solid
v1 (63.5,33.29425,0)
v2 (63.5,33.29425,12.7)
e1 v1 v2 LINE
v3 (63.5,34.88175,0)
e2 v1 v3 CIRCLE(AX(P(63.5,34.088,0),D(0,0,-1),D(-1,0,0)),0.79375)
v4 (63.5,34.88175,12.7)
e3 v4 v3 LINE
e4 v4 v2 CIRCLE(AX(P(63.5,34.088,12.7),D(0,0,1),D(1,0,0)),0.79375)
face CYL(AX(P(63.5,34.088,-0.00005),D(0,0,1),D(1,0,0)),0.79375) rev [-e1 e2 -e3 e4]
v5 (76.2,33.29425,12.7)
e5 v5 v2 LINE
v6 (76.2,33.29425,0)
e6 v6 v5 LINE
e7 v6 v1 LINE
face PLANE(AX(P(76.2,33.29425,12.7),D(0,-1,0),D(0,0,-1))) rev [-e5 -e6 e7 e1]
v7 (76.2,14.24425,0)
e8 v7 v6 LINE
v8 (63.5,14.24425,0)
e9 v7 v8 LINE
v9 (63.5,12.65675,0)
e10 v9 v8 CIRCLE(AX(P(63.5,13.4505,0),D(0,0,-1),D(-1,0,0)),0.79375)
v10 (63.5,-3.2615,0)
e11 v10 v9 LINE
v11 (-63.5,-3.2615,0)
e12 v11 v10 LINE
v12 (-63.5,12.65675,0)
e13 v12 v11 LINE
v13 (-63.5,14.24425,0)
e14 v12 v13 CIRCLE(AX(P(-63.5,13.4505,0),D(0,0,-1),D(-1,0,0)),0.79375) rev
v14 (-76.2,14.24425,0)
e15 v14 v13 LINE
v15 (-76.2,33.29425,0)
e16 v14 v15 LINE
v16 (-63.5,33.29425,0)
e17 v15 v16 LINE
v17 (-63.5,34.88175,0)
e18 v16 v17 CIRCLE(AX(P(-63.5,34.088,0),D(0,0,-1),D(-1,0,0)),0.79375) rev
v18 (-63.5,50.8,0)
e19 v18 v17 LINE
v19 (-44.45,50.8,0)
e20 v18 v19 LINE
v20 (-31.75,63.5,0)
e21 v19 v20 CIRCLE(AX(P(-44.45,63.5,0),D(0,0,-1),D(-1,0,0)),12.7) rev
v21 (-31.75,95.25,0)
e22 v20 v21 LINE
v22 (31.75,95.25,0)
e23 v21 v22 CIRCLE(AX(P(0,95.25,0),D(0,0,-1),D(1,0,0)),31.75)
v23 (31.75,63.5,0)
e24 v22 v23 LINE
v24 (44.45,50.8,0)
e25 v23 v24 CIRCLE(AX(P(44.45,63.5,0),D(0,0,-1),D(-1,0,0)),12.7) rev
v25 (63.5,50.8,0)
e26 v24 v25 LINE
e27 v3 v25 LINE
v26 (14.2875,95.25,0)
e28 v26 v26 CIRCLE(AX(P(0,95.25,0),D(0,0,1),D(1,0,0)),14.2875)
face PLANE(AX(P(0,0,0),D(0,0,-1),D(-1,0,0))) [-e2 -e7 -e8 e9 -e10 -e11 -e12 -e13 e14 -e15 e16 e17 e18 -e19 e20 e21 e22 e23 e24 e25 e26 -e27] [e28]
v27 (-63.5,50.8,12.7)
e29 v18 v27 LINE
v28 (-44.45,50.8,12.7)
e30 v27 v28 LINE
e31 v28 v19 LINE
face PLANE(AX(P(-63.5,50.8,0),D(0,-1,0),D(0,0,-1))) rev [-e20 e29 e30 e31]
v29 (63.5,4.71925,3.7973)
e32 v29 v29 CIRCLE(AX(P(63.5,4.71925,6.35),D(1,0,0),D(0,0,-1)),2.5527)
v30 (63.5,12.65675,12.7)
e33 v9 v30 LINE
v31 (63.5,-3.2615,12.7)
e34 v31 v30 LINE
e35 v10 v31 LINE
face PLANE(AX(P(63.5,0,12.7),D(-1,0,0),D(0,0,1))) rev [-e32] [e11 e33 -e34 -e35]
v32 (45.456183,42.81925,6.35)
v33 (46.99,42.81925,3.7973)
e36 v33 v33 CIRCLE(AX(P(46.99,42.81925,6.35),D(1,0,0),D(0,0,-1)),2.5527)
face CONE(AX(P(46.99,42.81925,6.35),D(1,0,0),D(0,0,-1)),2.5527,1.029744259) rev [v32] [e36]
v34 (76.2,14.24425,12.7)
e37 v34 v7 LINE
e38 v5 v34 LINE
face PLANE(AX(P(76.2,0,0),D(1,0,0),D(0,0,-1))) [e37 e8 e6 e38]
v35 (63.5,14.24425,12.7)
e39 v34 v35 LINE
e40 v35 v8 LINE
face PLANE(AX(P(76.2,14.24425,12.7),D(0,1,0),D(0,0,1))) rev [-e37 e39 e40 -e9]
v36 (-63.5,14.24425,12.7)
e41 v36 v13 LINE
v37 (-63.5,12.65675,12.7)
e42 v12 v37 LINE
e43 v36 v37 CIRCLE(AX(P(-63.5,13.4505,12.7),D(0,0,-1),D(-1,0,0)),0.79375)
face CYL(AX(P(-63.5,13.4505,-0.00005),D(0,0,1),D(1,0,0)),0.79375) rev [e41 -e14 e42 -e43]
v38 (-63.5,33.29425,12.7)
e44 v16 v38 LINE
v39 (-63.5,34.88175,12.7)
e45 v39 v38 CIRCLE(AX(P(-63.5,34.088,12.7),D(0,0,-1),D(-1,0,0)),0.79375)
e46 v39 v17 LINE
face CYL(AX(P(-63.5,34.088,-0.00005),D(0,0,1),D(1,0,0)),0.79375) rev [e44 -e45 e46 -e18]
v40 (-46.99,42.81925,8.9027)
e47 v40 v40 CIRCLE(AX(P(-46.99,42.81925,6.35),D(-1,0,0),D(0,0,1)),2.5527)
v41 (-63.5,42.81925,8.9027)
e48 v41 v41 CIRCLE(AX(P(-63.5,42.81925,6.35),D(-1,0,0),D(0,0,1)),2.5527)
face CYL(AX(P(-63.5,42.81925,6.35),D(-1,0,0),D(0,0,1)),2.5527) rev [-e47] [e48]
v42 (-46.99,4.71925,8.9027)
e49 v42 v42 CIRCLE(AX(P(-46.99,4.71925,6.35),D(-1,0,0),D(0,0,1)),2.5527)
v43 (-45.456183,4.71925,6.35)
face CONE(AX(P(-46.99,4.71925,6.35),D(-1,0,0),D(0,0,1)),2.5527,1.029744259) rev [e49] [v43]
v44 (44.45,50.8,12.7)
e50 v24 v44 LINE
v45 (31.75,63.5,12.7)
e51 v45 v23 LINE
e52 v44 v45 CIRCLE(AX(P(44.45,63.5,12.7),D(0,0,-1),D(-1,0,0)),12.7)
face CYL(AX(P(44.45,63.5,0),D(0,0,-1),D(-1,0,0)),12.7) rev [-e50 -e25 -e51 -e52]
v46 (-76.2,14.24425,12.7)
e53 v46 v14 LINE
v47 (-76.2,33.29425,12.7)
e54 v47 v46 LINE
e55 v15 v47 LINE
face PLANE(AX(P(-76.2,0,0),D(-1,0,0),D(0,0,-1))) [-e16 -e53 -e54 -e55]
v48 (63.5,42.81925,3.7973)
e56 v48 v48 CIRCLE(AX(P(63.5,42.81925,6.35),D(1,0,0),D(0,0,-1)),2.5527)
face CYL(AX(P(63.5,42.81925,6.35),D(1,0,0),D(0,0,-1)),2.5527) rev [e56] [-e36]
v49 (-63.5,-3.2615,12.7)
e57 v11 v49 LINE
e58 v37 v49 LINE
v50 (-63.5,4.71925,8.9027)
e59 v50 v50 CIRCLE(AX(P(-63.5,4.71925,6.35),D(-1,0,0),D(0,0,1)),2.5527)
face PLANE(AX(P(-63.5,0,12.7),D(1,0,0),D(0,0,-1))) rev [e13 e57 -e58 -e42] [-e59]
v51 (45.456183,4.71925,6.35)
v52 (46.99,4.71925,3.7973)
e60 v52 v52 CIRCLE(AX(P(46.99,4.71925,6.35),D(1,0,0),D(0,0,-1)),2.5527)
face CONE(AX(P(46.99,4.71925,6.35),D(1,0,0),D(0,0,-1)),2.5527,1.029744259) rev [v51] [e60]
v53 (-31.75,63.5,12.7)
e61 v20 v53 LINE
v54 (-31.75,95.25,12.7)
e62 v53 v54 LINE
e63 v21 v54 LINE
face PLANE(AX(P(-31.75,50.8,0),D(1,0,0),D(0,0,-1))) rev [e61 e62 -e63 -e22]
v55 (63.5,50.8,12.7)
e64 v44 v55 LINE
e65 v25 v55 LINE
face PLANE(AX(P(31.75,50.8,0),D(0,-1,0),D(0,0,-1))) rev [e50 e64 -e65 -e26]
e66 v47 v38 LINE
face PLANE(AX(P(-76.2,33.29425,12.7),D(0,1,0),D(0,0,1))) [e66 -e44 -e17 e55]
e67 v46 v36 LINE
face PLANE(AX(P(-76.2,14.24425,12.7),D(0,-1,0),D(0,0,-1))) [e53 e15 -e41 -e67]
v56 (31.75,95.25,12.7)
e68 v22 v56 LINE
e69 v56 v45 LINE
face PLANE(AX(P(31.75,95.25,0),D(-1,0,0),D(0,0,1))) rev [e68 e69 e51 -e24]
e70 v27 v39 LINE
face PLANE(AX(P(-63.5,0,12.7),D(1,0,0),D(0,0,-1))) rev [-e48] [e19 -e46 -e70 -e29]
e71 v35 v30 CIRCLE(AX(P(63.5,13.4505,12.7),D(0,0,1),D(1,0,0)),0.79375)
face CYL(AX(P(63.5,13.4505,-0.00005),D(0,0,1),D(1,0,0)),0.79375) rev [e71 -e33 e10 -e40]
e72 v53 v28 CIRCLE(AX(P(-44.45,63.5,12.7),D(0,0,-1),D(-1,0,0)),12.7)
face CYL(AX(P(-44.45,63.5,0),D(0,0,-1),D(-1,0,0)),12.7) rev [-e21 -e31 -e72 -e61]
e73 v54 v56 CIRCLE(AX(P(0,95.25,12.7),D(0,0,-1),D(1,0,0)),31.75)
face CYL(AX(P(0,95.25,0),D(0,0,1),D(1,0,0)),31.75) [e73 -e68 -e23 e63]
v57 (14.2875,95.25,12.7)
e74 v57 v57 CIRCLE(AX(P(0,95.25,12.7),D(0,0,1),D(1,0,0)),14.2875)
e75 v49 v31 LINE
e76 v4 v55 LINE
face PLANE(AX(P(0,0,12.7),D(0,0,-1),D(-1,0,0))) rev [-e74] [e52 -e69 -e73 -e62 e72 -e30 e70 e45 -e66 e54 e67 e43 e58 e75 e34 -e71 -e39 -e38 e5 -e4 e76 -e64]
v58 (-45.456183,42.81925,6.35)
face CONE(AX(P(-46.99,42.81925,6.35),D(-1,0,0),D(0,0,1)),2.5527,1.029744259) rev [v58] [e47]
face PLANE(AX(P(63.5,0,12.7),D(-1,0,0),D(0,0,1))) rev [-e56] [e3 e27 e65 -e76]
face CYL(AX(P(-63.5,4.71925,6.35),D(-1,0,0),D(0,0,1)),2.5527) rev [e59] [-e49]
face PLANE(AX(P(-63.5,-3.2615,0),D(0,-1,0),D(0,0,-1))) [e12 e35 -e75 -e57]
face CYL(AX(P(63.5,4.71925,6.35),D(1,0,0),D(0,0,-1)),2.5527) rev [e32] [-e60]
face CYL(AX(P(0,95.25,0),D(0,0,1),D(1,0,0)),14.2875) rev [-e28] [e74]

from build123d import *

# Parameters (mm, degrees)
SKETCH1_W                        = 127
SKETCH1_H                        = 152.4
BOSS_EXTRUDE1_DEPTH              = 12.7
SKETCH2_R                        = 14.2875
CUT_EXTRUDE1_DEPTH               = 13.7
FILLET1_R                        = 12.7
SKETCH3_W                        = 127
SKETCH3_H                        = 3.261499881
BOSS_EXTRUDE2_DEPTH              = 12.7
F_1_4_20_TAPPED_HOLE1_AT_2_COUNT = 2
F_1_4_20_TAPPED_HOLE1_AT_2_PITCH = 38.1
SKETCH6_W                        = 12.7
SKETCH6_H                        = 19.05
BOSS_EXTRUDE3_DEPTH              = 12.7
SKETCH7_R                        = 0.79375
CUT_EXTRUDE2_DEPTH               = 13.7


with BuildPart() as part:
    # Sketch1 → Boss-Extrude1 (new body)
    with BuildSketch(Plane.XY):
        with Locations((0, 76.2)):
            Rectangle(SKETCH1_W, SKETCH1_H)
    extrude(amount=BOSS_EXTRUDE1_DEPTH)

    # Sketch2 → Cut-Extrude1 (cut, through all)
    with BuildSketch(Plane.XY.offset(12.7)):
        with Locations((0, 95.25)):
            Circle(SKETCH2_R)
        with BuildLine():
            Line((31.75, 95.25), (31.75, 50.8))
            Line((31.75, 50.8), (63.5, 50.8))
            Line((63.5, 50.8), (63.5, 152.4))
            Line((63.5, 152.4), (-63.5, 152.4))
            Line((-63.5, 152.4), (-63.5, 50.8))
            Line((-63.5, 50.8), (-31.75, 50.8))
            Line((-31.75, 50.8), (-31.75, 95.25))
            ThreePointArc((-31.75, 95.25), (0, 127), (31.75, 95.25))
        make_face()
    extrude(amount=-CUT_EXTRUDE1_DEPTH, mode=Mode.SUBTRACT)

    # Fillet1
    fillet1_edges = [part.edges().sort_by_distance(p)[0] for p in [
        (-31.75, 50.8, 6.35),
        (31.75, 50.8, 6.35),
    ]]
    fillet(fillet1_edges, radius=FILLET1_R)

    # Sketch3 → Boss-Extrude2 (add)
    with BuildSketch(Plane.XY.offset(12.7)):
        with Locations((0, -1.630749941)):
            Rectangle(SKETCH3_W, SKETCH3_H)
    extrude(amount=-BOSS_EXTRUDE2_DEPTH)

    # Sketch4 → 1/4-20 Tapped Hole1 (revolve, cut)
    with BuildSketch(Plane(origin=(63.5, 42.81925006, 6.35), x_dir=(0, 0, -1), z_dir=(0, 1, 0))):
        Polygon((0, 0), (0, 18.043816902), (2.5527, 16.51), (2.5527, 0), align=None)
    f_1_4_20_tapped_hole1 = revolve(axis=Axis((69.85, 42.81925006, 6.35), (-1, 0, 0)), mode=Mode.SUBTRACT)

    # 1/4-20 Tapped Hole1 at 2: 1/4-20 Tapped Hole1 ×2
    with Locations(*[(0, -i * F_1_4_20_TAPPED_HOLE1_AT_2_PITCH, 0) for i in range(1, F_1_4_20_TAPPED_HOLE1_AT_2_COUNT)]):
        add(f_1_4_20_tapped_hole1, mode=Mode.SUBTRACT)

    # Sketch6 → Boss-Extrude3 (add)
    with BuildSketch(Plane(origin=(63.5, 0, 0), x_dir=(0, 0, -1), z_dir=(1, 0, 0))):
        with Locations((-6.35, 23.76925006)):
            Rectangle(SKETCH6_W, SKETCH6_H)
    boss_extrude3 = extrude(amount=BOSS_EXTRUDE3_DEPTH)

    # Sketch7 → Cut-Extrude2 (cut, through all)
    with BuildSketch(Plane.XY.offset(12.7)):
        with Locations((63.5, 34.08800006)):
            Circle(SKETCH7_R)
        with Locations((63.5, 13.45050006)):
            Circle(SKETCH7_R)
    cut_extrude2 = extrude(amount=-CUT_EXTRUDE2_DEPTH, mode=Mode.SUBTRACT)

    # Mirror1: Cut-Extrude2, Boss-Extrude3, 1/4-20 Tapped Hole1 across plane
    add(cut_extrude2.mirror(Plane(origin=(0, 0, 0), x_dir=(0, 0, 1), z_dir=(1, 0, 0))), mode=Mode.SUBTRACT)
    add(boss_extrude3.mirror(Plane(origin=(0, 0, 0), x_dir=(0, 0, 1), z_dir=(1, 0, 0))))
    add(f_1_4_20_tapped_hole1.mirror(Plane(origin=(0, 0, 0), x_dir=(0, 0, 1), z_dir=(1, 0, 0))), mode=Mode.SUBTRACT)

    # Mirror1 copy 1 sketch → Mirror1 copy 1 (revolve, cut)
    with BuildSketch(Plane(origin=(-63.5, 4.71925006, 6.35), x_dir=(0, 0, -1), z_dir=(0, 1, 0))):
        Polygon((0, 0), (0, -18.043816902), (2.5527, -16.51), (2.5527, 0), align=None)
    revolve(axis=Axis((-69.85, 4.71925006, 6.35), (-1, 0, 0)), mode=Mode.SUBTRACT)


solid = part.part
